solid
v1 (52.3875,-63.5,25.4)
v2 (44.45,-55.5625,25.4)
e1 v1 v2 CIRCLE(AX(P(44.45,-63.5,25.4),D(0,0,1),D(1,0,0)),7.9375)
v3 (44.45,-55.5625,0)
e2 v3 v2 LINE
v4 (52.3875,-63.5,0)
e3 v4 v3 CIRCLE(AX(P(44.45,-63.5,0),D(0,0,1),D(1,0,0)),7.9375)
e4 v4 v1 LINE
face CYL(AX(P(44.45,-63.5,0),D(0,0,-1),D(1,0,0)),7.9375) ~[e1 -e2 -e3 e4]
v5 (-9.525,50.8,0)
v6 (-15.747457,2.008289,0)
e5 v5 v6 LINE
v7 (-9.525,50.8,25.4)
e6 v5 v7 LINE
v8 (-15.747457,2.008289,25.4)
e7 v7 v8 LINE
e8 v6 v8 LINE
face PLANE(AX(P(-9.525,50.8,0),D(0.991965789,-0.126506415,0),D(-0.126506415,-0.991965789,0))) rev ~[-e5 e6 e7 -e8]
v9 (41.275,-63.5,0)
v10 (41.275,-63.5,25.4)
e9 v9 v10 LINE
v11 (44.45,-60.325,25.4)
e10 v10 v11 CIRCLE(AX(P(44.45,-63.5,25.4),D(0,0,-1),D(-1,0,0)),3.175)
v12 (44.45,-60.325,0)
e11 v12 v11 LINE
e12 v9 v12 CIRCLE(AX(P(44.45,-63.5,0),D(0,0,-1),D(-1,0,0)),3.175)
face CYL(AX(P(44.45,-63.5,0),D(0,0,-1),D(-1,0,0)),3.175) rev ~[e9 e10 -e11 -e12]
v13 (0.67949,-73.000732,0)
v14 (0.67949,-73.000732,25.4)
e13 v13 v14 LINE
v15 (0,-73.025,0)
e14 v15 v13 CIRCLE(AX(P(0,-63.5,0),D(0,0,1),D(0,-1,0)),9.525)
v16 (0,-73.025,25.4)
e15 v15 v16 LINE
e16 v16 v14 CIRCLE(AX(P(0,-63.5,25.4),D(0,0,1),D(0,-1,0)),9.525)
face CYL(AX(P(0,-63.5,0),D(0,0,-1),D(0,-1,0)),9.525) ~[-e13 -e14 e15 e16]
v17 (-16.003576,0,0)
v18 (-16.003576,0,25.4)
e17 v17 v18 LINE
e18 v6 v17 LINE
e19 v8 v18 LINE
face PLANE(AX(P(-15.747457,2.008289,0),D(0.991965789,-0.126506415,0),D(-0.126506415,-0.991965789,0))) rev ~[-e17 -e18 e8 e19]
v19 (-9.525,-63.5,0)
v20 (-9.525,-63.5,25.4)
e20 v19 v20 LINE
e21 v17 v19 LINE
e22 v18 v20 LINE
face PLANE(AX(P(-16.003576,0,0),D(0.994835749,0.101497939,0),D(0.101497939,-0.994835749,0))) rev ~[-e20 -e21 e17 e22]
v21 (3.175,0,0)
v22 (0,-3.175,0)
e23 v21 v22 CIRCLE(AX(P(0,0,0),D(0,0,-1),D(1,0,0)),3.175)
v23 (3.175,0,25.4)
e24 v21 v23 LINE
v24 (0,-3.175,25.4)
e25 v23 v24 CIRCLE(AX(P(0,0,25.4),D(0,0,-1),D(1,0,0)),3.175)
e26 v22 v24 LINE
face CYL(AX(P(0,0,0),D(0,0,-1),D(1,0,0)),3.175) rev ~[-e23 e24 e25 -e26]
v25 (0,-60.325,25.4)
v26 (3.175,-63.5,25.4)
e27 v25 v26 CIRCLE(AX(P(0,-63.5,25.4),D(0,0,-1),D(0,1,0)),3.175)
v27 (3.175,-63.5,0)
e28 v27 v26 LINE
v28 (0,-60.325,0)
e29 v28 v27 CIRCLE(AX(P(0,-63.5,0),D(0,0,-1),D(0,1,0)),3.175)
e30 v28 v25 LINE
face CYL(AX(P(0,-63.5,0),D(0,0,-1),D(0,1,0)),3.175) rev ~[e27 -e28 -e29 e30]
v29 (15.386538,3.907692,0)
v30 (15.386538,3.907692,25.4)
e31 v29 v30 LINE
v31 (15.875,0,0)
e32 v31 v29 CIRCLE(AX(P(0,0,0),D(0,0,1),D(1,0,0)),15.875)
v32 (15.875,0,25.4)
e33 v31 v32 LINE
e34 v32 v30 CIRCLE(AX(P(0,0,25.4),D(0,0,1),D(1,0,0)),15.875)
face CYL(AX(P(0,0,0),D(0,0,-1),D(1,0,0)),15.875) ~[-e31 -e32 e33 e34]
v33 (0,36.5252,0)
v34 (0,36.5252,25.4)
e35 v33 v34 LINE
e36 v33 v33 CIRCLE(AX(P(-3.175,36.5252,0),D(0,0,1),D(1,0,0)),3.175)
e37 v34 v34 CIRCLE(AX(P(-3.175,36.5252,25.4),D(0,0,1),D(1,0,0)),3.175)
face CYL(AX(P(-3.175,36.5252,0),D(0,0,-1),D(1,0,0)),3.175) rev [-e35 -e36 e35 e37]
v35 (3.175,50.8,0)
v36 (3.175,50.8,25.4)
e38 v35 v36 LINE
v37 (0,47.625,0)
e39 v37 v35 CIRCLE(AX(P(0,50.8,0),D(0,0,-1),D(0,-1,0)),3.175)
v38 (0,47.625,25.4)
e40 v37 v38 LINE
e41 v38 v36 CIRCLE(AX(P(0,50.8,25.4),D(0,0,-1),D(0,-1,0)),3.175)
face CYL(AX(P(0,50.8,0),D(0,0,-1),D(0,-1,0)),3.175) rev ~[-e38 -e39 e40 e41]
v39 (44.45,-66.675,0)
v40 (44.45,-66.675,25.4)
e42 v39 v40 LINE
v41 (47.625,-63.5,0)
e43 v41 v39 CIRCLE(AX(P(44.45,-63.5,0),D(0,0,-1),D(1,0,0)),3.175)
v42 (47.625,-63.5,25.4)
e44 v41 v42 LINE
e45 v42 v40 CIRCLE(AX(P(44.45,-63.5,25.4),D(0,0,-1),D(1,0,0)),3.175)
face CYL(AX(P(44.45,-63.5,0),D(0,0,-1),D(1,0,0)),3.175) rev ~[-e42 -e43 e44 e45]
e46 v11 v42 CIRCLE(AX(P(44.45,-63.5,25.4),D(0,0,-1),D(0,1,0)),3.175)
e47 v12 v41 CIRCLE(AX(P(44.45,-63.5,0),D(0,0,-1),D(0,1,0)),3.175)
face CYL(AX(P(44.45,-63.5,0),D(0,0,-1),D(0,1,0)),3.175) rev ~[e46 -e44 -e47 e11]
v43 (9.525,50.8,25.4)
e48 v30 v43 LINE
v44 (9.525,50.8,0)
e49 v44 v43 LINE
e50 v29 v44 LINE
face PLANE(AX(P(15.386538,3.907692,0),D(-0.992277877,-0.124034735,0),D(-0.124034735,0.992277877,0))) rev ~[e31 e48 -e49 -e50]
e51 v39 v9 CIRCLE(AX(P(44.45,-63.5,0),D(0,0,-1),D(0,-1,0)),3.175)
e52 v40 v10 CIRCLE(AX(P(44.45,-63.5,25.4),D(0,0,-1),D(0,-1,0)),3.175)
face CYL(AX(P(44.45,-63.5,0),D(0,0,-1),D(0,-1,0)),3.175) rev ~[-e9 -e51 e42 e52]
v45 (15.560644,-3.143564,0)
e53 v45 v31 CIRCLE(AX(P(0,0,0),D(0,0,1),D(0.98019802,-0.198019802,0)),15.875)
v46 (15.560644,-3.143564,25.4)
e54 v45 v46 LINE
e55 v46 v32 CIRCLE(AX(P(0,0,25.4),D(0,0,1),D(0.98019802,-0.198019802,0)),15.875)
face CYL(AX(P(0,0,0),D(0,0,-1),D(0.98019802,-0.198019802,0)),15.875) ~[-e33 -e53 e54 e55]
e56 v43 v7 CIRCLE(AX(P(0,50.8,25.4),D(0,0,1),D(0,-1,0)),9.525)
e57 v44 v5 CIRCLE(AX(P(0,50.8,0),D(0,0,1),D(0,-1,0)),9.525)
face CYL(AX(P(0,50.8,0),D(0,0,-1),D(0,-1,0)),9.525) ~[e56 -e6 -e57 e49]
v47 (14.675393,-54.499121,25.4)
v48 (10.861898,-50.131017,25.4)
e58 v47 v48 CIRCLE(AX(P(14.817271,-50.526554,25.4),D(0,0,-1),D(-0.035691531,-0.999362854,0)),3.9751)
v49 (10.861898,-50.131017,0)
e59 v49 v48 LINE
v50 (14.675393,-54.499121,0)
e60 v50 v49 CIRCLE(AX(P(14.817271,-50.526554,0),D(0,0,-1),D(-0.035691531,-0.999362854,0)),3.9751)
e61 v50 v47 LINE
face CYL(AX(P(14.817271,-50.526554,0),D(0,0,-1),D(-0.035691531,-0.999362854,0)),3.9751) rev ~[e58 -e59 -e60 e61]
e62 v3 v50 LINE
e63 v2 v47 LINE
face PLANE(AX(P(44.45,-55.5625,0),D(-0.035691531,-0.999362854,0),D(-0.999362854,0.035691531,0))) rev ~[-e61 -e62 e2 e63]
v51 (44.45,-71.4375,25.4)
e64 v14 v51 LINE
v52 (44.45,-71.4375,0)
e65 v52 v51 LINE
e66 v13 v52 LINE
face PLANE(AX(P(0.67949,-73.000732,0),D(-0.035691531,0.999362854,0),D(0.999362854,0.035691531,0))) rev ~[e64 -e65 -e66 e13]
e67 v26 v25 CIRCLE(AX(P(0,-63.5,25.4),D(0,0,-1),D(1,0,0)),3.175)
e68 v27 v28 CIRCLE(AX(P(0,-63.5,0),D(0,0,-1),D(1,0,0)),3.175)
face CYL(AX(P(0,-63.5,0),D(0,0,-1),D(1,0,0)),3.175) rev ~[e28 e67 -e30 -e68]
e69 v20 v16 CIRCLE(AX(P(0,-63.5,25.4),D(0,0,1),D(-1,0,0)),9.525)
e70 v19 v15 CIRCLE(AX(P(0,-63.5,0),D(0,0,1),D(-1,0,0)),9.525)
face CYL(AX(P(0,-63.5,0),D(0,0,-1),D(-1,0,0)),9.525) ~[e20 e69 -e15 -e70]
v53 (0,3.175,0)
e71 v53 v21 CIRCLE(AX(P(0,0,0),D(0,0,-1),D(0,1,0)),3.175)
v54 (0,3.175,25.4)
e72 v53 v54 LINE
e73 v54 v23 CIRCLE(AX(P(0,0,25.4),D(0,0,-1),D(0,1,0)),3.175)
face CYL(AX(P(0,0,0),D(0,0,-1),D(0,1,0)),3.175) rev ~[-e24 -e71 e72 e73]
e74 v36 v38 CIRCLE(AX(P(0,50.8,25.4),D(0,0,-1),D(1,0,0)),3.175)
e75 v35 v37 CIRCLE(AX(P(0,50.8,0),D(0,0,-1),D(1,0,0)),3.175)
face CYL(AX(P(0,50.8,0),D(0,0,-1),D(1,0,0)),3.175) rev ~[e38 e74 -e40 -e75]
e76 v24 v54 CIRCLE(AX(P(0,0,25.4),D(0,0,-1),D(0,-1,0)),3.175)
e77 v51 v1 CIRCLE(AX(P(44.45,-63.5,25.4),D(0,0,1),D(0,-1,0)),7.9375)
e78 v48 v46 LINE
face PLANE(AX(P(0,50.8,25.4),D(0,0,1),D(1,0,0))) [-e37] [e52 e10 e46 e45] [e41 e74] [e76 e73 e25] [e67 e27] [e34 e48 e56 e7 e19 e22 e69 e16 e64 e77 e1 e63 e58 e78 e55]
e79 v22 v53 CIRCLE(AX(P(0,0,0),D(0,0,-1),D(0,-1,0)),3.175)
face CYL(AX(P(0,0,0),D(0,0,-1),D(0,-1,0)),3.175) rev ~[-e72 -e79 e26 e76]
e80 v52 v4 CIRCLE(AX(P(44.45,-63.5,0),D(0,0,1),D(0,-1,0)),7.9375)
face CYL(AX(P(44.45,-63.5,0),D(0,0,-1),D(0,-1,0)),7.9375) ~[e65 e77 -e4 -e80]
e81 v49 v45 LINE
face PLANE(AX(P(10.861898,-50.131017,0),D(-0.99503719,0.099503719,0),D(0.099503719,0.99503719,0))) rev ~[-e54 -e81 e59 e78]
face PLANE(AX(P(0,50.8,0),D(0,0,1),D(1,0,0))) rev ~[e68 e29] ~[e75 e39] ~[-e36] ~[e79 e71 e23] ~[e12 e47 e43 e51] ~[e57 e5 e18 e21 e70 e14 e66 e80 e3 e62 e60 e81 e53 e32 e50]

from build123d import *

# Parameters (mm, degrees)
F0_R     = 3.175
F1_DEPTH = 25.4


with BuildPart() as f1:
    # F0 (on Top) → F1 (new body)
    with BuildSketch(Plane.XY):
        with BuildLine():
            ThreePointArc((-9.525, 50.8), (-6.7351920908, 44.0648079092), (0, 41.275))
            ThreePointArc((0, 41.275), (6.7351920908, 44.0648079092), (9.525, 50.8))
            ThreePointArc((9.525, 50.8), (0, 60.325), (-9.525, 50.8))
        make_face()
        with BuildLine():
            ThreePointArc((3.175, 50.8), (2.2450640303, 48.5549359697), (0, 47.625))
            ThreePointArc((0, 47.625), (-2.2450640303, 53.0450640303), (3.175, 50.8))
        make_face(mode=Mode.SUBTRACT)
        with BuildLine():
            ThreePointArc((9.525, 50.8), (6.7351920908, 44.0648079092), (0, 41.275))
            Line((0, 41.275), (0, 36.5252))
            Line((0, 36.5252), (0, 15.875))
            ThreePointArc((0, 15.875), (9.7463072395, 12.5309664508), (15.3865384615, 3.9076923077))
            Line((15.3865384615, 3.9076923077), (9.525, 50.8))
        make_face()
        with BuildLine():
            Line((0, 36.5252), (0, 41.275))
            ThreePointArc((0, 41.275), (-6.7351920908, 44.0648079092), (-9.525, 50.8))
            Line((-9.525, 50.8), (-15.7474568951, 2.0082894055))
            ThreePointArc((-15.7474568951, 2.0082894055), (-10.4912828264, 11.9142188018), (0, 15.875))
            Line((0, 15.875), (0, 36.5252))
        make_face()
        with Locations((-3.175, 36.5252)):
            Circle(F0_R, mode=Mode.SUBTRACT)
        with BuildLine():
            ThreePointArc((15.3865384615, 3.9076923077), (9.7463072395, 12.5309664508), (0, 15.875))
            Line((0, 15.875), (0, 3.175))
            ThreePointArc((0, 3.175), (2.2450640303, 2.2450640303), (3.175, 0))
            ThreePointArc((3.175, 0), (2.2450640303, -2.2450640303), (0, -3.175))
            Line((0, -3.175), (0, -15.875))
            ThreePointArc((0, -15.875), (10.0526499203, -12.2865721249), (15.5606435644, -3.1435643564))
            Line((15.5606435644, -3.1435643564), (15.875, 0))
            Line((15.875, 0), (15.3865384615, 3.9076923077))
        make_face()
        with BuildLine():
            Line((0, 3.175), (0, 15.875))
            ThreePointArc((0, 15.875), (-10.4912828264, 11.9142188018), (-15.7474568951, 2.0082894055))
            ThreePointArc((-15.7474568951, 2.0082894055), (-11.9142188018, -10.4912828264), (0, -15.875))
            Line((0, -15.875), (0, -3.175))
            ThreePointArc((0, -3.175), (-3.175, 0), (0, 3.175))
        make_face()
        with BuildLine():
            ThreePointArc((0, -15.875), (-11.9142188018, -10.4912828264), (-15.7474568951, 2.0082894055))
            Line((-15.7474568951, 2.0082894055), (-16.0035761028, 0))
            Line((-16.0035761028, 0), (-9.525, -63.5))
            ThreePointArc((-9.525, -63.5), (-6.7351920908, -56.7648079092), (0, -53.975))
            Line((0, -53.975), (0, -15.875))
        make_face()
        with BuildLine():
            ThreePointArc((15.875, 0), (15.7524112928, 1.9690514116), (15.3865384615, 3.9076923077))
            Line((15.3865384615, 3.9076923077), (15.875, 0))
        make_face()
        with BuildLine():
            ThreePointArc((15.5606435644, -3.1435643564), (10.0526499203, -12.2865721249), (0, -15.875))
            Line((0, -15.875), (0, -53.975))
            Line((0, -53.975), (0.6794904459, -53.9992675159))
            ThreePointArc((0.6794904459, -53.9992675159), (6.9712901065, -57.0094885216), (9.525, -63.5))
            Line((9.525, -63.5), (36.5125, -63.5))
            ThreePointArc((36.5125, -63.5), (38.8373399243, -57.8873399243), (44.45, -55.5625))
            Line((44.45, -55.5625), (14.6753932646, -54.499121188))
            ThreePointArc((14.6753932646, -54.499121188), (11.8227843813, -53.1408361956), (10.8618983328, -50.1310166722))
            Line((10.8618983328, -50.1310166722), (15.5606435644, -3.1435643564))
        make_face()
        with BuildLine():
            ThreePointArc((15.5606435644, -3.1435643564), (15.7962153946, -1.5796215395), (15.875, 0))
            Line((15.875, 0), (15.5606435644, -3.1435643564))
        make_face()
        with BuildLine():
            Line((0, -60.325), (0, -53.975))
            ThreePointArc((0, -53.975), (-6.7351920908, -56.7648079092), (-9.525, -63.5))
            ThreePointArc((-9.525, -63.5), (-6.7351920908, -70.2351920908), (0, -73.025))
            Line((0, -73.025), (0.6794904459, -73.0007324841))
            ThreePointArc((0.6794904459, -73.0007324841), (6.9712901065, -69.9905114784), (9.525, -63.5))
            Line((9.525, -63.5), (3.175, -63.5))
            ThreePointArc((3.175, -63.5), (-2.2450640303, -65.7450640303), (0, -60.325))
        make_face()
        with BuildLine():
            Line((0.6794904459, -73.0007324841), (0, -73.025))
            ThreePointArc((0, -73.025), (0.3399618281, -73.0189311877), (0.6794904459, -73.0007324841))
        make_face()
        with BuildLine():
            Line((36.5125, -63.5), (9.525, -63.5))
            ThreePointArc((9.525, -63.5), (6.9712901065, -69.9905114784), (0.6794904459, -73.0007324841))
            Line((0.6794904459, -73.0007324841), (44.45, -71.4375))
            ThreePointArc((44.45, -71.4375), (38.8373399243, -69.1126600757), (36.5125, -63.5))
        make_face()
        with BuildLine():
            ThreePointArc((44.45, -55.5625), (38.8373399243, -57.8873399243), (36.5125, -63.5))
            Line((36.5125, -63.5), (41.275, -63.5))
            ThreePointArc((41.275, -63.5), (42.2049359697, -61.2549359697), (44.45, -60.325))
            Line((44.45, -60.325), (44.45, -55.5625))
        make_face()
        with BuildLine():
            Line((41.275, -63.5), (36.5125, -63.5))
            ThreePointArc((36.5125, -63.5), (38.8373399243, -69.1126600757), (44.45, -71.4375))
            Line((44.45, -71.4375), (44.45, -66.675))
            ThreePointArc((44.45, -66.675), (42.2049359697, -65.7450640303), (41.275, -63.5))
        make_face()
        with BuildLine():
            ThreePointArc((52.3875, -63.5), (50.0626600757, -57.8873399243), (44.45, -55.5625))
            Line((44.45, -55.5625), (44.45, -60.325))
            ThreePointArc((44.45, -60.325), (46.6950640303, -61.2549359697), (47.625, -63.5))
            ThreePointArc((47.625, -63.5), (46.6950640303, -65.7450640303), (44.45, -66.675))
            Line((44.45, -66.675), (44.45, -71.4375))
            ThreePointArc((44.45, -71.4375), (50.0626600757, -69.1126600757), (52.3875, -63.5))
        make_face()
        with BuildLine():
            Line((0.6794904459, -53.9992675159), (0, -53.975))
            Line((0, -53.975), (0, -60.325))
            ThreePointArc((0, -60.325), (2.2450640303, -61.2549359697), (3.175, -63.5))
            Line((3.175, -63.5), (9.525, -63.5))
            ThreePointArc((9.525, -63.5), (6.9712901065, -57.0094885216), (0.6794904459, -53.9992675159))
        make_face()
    extrude(amount=F1_DEPTH)


solid = f1.part
